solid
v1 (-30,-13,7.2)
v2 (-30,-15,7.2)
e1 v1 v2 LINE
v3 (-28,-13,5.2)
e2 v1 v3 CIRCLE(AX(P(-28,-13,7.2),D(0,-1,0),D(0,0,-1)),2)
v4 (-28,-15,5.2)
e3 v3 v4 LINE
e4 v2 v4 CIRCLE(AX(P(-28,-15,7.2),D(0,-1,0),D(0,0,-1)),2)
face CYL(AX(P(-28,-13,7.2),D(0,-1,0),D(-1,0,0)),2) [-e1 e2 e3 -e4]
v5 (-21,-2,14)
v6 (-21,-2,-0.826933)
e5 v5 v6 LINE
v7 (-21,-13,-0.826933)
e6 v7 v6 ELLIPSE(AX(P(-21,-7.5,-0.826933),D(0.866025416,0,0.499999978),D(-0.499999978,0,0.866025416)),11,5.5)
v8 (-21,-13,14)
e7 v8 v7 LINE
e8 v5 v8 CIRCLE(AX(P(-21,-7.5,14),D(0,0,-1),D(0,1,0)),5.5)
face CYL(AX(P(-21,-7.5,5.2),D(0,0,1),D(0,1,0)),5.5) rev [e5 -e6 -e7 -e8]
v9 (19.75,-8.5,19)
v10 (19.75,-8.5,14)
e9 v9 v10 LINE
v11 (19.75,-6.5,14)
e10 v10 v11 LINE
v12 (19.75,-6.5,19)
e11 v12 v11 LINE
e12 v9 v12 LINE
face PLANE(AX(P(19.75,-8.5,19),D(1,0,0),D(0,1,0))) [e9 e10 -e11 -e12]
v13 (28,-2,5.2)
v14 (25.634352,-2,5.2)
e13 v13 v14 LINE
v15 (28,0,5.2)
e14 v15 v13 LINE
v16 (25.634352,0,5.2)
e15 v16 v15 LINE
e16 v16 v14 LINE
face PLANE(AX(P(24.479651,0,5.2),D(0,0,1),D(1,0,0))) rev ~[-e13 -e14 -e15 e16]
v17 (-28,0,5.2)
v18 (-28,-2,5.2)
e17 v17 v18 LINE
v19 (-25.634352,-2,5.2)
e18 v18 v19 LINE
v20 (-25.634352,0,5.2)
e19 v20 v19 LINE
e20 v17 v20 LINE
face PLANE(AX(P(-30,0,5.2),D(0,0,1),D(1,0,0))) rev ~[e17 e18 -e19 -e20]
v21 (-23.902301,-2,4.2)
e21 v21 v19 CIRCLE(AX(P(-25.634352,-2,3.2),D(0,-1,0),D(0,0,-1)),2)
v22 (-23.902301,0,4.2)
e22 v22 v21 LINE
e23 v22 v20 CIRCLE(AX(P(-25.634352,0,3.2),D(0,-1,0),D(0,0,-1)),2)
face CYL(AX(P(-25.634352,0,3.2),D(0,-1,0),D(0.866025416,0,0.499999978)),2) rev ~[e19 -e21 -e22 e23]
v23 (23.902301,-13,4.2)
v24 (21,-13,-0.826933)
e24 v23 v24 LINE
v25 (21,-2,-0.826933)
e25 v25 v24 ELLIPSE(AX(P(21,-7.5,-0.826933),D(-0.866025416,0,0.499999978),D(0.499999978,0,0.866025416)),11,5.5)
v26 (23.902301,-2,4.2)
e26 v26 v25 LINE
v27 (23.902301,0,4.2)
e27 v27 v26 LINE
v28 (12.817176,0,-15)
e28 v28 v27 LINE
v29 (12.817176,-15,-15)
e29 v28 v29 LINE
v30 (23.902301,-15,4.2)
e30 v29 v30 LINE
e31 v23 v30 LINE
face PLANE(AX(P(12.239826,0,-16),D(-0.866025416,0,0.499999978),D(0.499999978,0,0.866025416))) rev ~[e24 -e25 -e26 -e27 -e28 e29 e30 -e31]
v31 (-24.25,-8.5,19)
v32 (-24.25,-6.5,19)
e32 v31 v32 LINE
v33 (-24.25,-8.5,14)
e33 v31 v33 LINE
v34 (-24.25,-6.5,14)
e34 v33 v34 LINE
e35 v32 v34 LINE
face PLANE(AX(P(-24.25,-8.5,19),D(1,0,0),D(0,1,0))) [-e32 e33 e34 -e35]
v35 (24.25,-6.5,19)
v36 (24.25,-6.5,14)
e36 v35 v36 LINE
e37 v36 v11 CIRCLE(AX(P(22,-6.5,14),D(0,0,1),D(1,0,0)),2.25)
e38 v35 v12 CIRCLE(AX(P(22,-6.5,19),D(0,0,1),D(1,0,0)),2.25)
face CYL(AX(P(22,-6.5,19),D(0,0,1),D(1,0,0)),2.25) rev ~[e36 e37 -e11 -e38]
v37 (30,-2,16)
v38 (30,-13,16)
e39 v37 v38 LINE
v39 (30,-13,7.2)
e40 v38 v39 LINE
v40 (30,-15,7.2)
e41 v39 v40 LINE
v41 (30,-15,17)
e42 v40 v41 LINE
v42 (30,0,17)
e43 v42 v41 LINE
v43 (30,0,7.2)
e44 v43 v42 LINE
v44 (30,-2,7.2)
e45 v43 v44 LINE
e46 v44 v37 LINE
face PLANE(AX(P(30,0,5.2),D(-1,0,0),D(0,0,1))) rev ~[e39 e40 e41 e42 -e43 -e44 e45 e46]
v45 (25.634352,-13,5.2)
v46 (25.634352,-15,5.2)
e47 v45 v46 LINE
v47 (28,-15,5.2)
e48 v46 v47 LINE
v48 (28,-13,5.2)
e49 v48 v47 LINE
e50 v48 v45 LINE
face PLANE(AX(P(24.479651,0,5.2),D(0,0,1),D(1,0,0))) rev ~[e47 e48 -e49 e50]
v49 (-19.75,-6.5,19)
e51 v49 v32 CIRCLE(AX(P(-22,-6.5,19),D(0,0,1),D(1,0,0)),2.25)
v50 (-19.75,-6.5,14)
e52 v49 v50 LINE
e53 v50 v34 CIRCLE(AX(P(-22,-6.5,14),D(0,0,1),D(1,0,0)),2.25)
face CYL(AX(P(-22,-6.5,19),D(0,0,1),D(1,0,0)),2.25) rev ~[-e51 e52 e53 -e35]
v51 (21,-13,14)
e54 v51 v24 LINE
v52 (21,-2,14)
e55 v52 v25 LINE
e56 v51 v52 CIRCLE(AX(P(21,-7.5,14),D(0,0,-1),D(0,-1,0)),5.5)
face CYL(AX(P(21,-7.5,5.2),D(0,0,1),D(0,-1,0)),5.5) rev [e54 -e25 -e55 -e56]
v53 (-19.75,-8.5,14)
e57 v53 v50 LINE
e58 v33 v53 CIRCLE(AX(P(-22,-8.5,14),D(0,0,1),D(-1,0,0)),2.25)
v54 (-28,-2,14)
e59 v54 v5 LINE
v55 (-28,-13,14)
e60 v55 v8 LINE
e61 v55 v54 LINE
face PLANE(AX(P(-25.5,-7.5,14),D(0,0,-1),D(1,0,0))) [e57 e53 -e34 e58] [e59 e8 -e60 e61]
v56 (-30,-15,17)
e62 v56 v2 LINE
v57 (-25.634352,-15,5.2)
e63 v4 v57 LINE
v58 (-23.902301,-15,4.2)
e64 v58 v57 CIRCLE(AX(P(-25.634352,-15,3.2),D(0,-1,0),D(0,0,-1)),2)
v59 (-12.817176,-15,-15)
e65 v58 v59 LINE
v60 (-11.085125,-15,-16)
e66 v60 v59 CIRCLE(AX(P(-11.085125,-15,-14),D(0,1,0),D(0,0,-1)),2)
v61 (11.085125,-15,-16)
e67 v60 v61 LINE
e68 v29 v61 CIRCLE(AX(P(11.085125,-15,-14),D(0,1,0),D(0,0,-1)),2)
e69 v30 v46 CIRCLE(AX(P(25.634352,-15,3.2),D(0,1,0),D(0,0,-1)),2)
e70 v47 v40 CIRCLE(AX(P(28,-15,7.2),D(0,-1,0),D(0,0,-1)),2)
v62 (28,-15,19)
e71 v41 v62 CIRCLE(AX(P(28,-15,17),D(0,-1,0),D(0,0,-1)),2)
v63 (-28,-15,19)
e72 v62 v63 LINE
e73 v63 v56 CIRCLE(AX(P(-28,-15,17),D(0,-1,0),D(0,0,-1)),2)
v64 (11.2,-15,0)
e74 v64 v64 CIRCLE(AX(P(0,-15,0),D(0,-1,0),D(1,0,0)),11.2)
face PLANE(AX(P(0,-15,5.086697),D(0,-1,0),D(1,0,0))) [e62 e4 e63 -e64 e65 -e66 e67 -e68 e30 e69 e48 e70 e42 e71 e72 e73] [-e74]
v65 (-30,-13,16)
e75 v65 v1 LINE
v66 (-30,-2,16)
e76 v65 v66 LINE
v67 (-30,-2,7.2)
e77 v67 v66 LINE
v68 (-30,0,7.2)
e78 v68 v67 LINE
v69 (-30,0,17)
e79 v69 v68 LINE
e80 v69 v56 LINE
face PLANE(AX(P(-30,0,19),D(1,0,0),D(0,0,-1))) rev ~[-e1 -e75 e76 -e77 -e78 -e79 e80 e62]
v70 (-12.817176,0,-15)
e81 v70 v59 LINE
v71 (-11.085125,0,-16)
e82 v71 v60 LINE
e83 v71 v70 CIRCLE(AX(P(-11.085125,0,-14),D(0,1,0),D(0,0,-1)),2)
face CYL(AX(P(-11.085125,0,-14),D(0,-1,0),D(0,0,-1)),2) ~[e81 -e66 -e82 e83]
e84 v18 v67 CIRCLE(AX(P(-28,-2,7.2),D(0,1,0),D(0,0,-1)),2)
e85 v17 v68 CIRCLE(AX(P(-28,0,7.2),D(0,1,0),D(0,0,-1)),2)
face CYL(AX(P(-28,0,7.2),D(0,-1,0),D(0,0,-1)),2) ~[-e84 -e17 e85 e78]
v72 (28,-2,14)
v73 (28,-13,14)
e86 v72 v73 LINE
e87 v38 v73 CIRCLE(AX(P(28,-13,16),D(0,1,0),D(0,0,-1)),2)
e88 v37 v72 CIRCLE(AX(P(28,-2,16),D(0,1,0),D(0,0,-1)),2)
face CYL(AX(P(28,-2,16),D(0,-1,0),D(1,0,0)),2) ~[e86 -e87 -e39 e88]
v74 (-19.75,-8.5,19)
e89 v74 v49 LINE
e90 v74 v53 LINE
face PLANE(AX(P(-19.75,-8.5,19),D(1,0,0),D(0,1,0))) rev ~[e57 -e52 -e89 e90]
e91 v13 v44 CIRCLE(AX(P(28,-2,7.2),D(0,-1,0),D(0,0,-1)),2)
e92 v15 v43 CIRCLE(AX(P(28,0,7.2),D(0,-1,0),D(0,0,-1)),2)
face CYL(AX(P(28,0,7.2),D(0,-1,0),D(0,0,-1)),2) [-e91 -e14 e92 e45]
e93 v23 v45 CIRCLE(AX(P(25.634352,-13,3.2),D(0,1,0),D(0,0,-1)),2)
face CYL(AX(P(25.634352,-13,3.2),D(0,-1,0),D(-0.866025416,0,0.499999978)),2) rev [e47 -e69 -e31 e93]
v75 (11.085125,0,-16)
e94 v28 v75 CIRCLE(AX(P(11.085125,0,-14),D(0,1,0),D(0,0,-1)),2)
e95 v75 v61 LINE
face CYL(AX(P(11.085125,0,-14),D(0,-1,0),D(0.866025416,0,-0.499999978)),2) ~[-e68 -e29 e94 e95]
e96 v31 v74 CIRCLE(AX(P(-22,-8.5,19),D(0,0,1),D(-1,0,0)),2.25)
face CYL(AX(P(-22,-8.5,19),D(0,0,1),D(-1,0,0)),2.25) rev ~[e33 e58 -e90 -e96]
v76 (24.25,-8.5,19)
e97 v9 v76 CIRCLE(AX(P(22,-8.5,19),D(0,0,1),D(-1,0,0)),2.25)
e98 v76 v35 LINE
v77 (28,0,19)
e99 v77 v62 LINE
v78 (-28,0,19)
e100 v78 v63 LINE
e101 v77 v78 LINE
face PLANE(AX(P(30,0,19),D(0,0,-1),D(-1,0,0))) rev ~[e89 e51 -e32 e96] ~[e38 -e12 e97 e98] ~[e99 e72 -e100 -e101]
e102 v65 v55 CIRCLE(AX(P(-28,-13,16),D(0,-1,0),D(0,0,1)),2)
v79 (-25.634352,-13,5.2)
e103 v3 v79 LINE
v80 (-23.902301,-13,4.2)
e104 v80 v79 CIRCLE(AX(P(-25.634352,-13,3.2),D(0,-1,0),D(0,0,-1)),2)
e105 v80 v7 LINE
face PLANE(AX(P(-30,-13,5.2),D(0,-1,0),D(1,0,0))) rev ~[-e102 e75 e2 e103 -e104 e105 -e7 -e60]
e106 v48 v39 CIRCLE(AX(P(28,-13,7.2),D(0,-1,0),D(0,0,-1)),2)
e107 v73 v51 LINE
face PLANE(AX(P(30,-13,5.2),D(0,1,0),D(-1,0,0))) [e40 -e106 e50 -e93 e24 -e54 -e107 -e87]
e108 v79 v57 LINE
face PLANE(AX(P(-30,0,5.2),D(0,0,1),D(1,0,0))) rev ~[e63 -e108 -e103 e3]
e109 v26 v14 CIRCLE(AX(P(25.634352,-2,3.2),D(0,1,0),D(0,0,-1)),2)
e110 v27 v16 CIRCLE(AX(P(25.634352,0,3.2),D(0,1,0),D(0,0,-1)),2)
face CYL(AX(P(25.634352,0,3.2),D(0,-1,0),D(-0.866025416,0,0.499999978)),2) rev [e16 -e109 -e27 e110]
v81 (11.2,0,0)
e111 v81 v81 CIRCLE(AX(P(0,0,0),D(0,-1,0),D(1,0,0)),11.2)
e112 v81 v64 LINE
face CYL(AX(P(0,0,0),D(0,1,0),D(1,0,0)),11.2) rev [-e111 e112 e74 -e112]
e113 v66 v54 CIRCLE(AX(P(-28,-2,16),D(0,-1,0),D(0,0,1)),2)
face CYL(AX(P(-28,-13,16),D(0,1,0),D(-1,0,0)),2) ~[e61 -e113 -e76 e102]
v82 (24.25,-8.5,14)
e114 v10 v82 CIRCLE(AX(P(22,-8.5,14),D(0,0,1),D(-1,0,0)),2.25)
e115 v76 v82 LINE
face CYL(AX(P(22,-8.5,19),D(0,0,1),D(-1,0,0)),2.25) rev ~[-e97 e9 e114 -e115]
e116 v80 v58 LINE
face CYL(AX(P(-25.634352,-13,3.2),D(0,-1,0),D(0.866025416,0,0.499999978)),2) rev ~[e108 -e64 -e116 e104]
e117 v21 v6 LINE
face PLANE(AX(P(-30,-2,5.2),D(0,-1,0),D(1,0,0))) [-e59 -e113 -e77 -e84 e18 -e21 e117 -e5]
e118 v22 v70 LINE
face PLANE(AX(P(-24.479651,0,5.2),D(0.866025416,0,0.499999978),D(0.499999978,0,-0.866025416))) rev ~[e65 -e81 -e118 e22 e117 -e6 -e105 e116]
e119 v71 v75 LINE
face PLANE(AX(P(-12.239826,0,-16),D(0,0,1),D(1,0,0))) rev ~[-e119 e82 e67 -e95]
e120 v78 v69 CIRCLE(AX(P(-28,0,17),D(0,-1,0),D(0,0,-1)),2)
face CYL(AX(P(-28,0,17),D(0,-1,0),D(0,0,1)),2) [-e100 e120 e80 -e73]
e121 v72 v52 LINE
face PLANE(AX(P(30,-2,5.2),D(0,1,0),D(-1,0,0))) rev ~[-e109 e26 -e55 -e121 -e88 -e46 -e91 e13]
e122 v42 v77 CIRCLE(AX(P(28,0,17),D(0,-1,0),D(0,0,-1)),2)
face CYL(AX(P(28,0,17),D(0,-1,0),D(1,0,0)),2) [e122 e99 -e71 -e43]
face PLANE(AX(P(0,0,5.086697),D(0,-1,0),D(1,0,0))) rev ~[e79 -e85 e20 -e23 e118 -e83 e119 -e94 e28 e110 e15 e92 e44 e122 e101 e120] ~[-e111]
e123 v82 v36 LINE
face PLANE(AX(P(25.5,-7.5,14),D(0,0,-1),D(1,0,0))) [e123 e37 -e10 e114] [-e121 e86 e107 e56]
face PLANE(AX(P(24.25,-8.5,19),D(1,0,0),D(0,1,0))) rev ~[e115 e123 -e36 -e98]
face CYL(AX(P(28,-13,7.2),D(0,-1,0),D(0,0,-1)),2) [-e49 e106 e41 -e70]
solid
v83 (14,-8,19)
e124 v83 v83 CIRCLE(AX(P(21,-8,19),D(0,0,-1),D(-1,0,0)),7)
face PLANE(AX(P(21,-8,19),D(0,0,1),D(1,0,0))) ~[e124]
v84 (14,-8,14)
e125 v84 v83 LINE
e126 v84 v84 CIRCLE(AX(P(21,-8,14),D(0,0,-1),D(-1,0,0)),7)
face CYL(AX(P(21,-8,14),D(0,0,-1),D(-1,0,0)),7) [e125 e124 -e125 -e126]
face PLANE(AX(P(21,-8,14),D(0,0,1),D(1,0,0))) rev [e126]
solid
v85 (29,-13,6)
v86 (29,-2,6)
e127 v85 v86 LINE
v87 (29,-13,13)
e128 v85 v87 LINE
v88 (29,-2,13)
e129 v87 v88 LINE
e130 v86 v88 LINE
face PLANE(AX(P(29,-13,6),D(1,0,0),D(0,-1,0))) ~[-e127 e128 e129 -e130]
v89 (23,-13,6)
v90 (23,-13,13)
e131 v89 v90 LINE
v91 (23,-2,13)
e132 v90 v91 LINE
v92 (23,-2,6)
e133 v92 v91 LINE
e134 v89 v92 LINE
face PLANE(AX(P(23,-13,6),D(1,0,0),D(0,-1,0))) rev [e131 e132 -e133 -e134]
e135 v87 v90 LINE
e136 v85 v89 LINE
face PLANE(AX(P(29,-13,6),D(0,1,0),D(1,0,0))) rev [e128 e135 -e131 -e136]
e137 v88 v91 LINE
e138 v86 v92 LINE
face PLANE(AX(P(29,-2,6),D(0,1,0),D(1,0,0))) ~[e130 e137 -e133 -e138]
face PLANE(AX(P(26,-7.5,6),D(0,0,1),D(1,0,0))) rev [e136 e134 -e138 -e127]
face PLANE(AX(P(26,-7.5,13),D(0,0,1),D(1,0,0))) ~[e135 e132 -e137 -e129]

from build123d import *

# Parameters (mm, degrees)
SKETCH_R          = 11.2
PAD_DEPTH         = 15
POCKET_DEPTH      = 8.8
POCKET_DEPTH_BACK = -100
POCKET001_DEPTH   = 5
FILLET_R          = 2
BOX_W             = 6
BOX_H             = 11
BOX_DEPTH         = 7
CYLINDER_R        = 7
CYLINDER_DEPTH    = 5


with BuildPart() as body:
    # Sketch → Pad (new body)
    with BuildSketch(Plane.XZ):
        Polygon((12.239826, -16), (24.479651, 5.2), (30, 5.2), (30, 19), (-30, 19), (-30, 5.2), (-24.479651, 5.2), (-12.239826, -16), align=None)
        Circle(SKETCH_R, mode=Mode.SUBTRACT)
    extrude(amount=PAD_DEPTH)

    # Sketch001 (on Face1 of Pad) → Pocket (cut, two sides)
    with BuildSketch(Plane(origin=(0, 0, 5.2), x_dir=(1, 0, 0), z_dir=(0, 0, -1))) as pocket_sk:
        with BuildLine():
            ThreePointArc((-30, 13), (-35.5, 7.5), (-30, 2))
            Line((-30, 2), (-21, 2))
            ThreePointArc((-21, 2), (-15.5, 7.5), (-21, 13))
            Line((-30, 13), (-21, 13))
        make_face()
        with BuildLine():
            ThreePointArc((30, 2), (35.5, 7.5), (30, 13))
            Line((30, 13), (21, 13))
            ThreePointArc((21, 13), (15.5, 7.5), (21, 2))
            Line((30, 2), (21, 2))
        make_face()
    extrude(amount=-POCKET_DEPTH, mode=Mode.SUBTRACT)
    extrude(pocket_sk.sketch, amount=-POCKET_DEPTH_BACK, mode=Mode.SUBTRACT)

    # Sketch002 (on Face10 of Pocket) → Pocket001 (cut)
    with BuildSketch(Plane(origin=(0, 0, 19), x_dir=(-1, 0, 0), z_dir=(0, 0, 1))):
        with BuildLine():
            ThreePointArc((-19.75, 8.5), (-22, 10.75), (-24.25, 8.5))
            Line((-24.25, 8.5), (-24.25, 6.5))
            ThreePointArc((-24.25, 6.5), (-22, 4.25), (-19.75, 6.5))
            Line((-19.75, 8.5), (-19.75, 6.5))
        make_face()
        with BuildLine():
            ThreePointArc((24.25, 8.5), (22, 10.75), (19.75, 8.5))
            Line((19.75, 8.5), (19.75, 6.5))
            ThreePointArc((19.75, 6.5), (22, 4.25), (24.25, 6.5))
            Line((24.25, 8.5), (24.25, 6.5))
        make_face()
    extrude(amount=-POCKET001_DEPTH, mode=Mode.SUBTRACT)

    # Fillet
    fillet_edges = [body.edges().sort_by_distance(p)[0] for p in [
        (12.239826, -7.5, -16),
        (-12.239826, -7.5, -16),
        (30, -7.5, 14),
        (30, -7.5, 19),
        (30, -1, 5.2),
        (30, -14, 5.2),
        (24.479651, -14, 5.2),
        (24.479651, -1, 5.2),
        (-24.479651, -1, 5.2),
        (-30, -1, 5.2),
        (-30, -7.5, 14),
        (-30, -7.5, 19),
        (-30, -14, 5.2),
        (-24.479651, -14, 5.2),
    ]]
    fillet(fillet_edges, radius=FILLET_R)


with BuildPart() as cube:
    # Box → Box (new body)
    with BuildSketch(Plane(origin=(-29, -13, 6), x_dir=(1, 0, 0), z_dir=(0, 0, 1))):
        with Locations((3, 5.5)):
            Rectangle(BOX_W, BOX_H)
    extrude(amount=BOX_DEPTH)


with BuildPart() as support_cube:
    # Part__Mirroring: instance of Cube
    add(cube.part.mirror(Plane(origin=(0, 0, 0), x_dir=(0, -1, 0), z_dir=(1, 0, 0))))


with BuildPart() as cylinder:
    # Cylinder → Cylinder (new body)
    with BuildSketch(Plane(origin=(-21, -8, 14), x_dir=(1, 0, 0), z_dir=(0, 0, 1))):
        Circle(CYLINDER_R)
    extrude(amount=CYLINDER_DEPTH)


with BuildPart() as density_infill:
    # Part__Mirroring001: instance of Cylinder
    add(cylinder.part.mirror(Plane(origin=(0, 0, 0), x_dir=(0, -1, 0), z_dir=(1, 0, 0))))


solid = Compound([body.part, support_cube.part, density_infill.part])
